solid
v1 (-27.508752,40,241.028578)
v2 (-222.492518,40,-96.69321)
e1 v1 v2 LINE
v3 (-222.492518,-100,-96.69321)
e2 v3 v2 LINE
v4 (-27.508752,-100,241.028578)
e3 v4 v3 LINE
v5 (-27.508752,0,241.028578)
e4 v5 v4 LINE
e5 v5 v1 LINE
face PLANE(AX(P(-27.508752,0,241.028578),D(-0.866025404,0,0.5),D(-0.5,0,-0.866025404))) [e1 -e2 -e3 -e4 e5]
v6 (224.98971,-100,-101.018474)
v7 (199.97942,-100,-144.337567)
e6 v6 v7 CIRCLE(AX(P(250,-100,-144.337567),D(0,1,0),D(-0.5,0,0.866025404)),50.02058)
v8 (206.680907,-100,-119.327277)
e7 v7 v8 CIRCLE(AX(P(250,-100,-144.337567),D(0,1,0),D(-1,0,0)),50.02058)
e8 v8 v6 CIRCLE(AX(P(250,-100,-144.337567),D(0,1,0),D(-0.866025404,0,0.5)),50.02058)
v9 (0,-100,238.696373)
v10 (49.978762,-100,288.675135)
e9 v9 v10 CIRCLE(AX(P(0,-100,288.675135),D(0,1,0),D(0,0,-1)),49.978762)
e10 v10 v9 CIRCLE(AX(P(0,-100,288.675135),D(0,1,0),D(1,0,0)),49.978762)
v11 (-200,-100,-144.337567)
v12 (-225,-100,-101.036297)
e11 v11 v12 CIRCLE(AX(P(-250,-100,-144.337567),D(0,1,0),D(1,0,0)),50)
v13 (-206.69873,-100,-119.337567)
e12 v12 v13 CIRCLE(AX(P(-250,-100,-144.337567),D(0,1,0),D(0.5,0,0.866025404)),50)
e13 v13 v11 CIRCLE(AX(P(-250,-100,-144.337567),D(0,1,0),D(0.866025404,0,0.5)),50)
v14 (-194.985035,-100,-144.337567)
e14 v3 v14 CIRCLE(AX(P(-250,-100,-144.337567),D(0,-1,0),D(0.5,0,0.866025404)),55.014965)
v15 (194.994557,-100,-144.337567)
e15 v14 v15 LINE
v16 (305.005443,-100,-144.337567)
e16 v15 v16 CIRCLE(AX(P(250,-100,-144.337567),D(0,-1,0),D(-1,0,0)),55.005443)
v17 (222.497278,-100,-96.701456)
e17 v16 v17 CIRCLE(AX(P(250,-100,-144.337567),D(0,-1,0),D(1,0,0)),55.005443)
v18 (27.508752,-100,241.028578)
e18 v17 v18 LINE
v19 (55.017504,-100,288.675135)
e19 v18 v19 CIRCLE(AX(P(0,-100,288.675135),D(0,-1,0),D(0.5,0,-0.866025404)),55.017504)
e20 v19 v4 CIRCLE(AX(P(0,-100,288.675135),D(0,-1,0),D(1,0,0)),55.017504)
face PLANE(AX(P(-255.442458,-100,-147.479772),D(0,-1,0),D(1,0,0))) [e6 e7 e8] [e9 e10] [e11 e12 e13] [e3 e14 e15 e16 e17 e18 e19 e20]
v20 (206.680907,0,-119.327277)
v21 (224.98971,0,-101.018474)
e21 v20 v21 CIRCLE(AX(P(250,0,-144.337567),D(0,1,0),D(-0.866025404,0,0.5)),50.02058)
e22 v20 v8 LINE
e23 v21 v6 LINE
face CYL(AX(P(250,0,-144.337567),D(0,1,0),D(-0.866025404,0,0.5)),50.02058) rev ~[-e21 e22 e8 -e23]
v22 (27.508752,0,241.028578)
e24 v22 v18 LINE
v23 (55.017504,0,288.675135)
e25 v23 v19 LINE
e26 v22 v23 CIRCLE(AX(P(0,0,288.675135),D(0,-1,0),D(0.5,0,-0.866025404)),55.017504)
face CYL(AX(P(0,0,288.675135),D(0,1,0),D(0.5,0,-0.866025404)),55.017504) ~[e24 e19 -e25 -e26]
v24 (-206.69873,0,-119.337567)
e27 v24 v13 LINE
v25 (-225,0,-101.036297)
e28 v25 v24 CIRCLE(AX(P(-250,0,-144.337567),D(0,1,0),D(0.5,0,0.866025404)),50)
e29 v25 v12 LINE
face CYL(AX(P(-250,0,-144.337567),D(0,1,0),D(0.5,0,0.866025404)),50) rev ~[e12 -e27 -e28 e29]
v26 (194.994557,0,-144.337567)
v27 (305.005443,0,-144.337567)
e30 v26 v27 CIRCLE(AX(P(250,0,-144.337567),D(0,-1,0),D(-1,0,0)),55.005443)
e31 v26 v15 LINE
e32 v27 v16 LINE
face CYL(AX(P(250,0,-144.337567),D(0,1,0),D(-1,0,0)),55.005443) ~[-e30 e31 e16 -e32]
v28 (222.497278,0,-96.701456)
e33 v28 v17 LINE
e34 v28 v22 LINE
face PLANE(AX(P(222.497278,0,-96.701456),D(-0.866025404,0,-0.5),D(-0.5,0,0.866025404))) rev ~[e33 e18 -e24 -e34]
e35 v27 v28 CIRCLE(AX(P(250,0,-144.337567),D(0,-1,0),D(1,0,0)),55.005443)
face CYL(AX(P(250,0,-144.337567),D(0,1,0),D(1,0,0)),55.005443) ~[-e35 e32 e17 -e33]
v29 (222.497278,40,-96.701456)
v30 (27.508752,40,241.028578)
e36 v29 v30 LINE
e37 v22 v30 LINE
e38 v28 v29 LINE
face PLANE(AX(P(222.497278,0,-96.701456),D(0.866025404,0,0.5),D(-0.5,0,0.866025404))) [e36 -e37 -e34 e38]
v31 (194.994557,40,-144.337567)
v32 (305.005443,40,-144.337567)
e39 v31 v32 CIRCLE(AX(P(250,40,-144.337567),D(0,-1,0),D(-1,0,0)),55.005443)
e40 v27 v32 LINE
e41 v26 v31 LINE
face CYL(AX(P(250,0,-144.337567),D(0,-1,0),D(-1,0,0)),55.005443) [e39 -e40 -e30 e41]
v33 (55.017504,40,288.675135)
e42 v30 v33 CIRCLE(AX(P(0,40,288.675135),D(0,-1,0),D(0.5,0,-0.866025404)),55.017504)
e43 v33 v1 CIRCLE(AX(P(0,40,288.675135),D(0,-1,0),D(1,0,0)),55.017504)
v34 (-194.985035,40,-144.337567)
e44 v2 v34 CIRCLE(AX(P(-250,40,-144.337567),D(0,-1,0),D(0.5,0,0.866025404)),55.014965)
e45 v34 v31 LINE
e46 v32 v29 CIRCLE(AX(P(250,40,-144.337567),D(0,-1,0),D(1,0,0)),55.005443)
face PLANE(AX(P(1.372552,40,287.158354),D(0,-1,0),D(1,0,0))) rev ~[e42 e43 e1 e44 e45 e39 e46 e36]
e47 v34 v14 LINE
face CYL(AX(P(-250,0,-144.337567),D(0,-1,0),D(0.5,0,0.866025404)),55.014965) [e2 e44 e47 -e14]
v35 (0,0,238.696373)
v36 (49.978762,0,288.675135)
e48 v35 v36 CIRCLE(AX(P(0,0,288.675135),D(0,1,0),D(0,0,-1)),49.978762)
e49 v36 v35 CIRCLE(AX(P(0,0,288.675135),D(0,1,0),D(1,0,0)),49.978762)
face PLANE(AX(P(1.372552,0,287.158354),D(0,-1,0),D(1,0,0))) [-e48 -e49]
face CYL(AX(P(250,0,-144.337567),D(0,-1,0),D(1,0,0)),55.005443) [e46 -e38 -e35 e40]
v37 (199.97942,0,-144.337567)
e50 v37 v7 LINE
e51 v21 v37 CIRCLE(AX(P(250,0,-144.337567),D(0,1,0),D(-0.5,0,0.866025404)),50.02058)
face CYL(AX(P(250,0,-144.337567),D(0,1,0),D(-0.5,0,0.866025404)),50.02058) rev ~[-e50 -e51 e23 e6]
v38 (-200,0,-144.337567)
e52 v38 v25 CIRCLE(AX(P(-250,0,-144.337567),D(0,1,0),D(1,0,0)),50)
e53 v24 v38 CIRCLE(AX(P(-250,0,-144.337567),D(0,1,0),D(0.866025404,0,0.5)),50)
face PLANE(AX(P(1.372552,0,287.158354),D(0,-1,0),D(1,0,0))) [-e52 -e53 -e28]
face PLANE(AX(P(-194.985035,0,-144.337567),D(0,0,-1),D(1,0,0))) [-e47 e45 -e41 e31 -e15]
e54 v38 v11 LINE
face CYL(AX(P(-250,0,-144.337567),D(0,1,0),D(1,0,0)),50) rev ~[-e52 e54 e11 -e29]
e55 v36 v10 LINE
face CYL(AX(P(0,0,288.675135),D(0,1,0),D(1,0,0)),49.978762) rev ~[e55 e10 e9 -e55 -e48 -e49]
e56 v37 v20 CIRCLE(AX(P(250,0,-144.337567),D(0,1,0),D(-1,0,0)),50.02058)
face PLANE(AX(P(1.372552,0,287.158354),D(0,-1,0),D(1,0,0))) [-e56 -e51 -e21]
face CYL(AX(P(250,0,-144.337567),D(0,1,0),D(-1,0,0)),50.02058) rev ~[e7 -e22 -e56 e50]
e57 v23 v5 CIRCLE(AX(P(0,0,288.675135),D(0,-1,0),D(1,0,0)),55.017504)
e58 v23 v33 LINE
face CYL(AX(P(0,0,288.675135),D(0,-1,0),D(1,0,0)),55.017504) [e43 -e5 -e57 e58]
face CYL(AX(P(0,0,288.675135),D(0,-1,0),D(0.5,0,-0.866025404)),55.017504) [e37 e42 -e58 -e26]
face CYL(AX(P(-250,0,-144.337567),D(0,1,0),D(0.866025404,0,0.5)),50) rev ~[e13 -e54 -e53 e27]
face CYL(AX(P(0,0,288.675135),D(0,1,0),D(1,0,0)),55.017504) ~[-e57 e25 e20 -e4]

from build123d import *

# Parameters (mm, degrees)
F1_DEPTH = 100
F2_DEPTH = 40


with BuildPart() as f1:
    # F0 (on Front) → F1 (new body)
    with BuildSketch(Plane.XZ):
        with BuildLine():
            ThreePointArc((-222.4925176197, -96.6932102265), (-297.6443570709, -171.8450496777), (-194.9850352394, -144.3375672974))
            Line((-194.9850352394, -144.3375672974), (-200, -144.3375672974))
            ThreePointArc((-200, -144.3375672974), (-293.3012701892, -169.3375672974), (-225, -101.0362971082))
            Line((-225, -101.0362971082), (-222.4925176197, -96.6932102265))
        make_face()
        with BuildLine():
            Line((-202.3556429291, -116.8300849171), (0, 0))
            Line((0, 0), (-125, 72.1687836487))
            Line((-125, 72.1687836487), (-222.4925176197, -96.6932102265))
            ThreePointArc((-222.4925176197, -96.6932102265), (-211.0985453511, -105.4361126485), (-202.3556429291, -116.8300849171))
        make_face()
        with BuildLine():
            Line((-194.9850352394, -144.3375672974), (0, -144.3375672974))
            Line((0, -144.3375672974), (0, 0))
            Line((0, 0), (-202.3556429291, -116.8300849171))
            ThreePointArc((-202.3556429291, -116.8300849171), (-196.8596247054, -130.0986466517), (-194.9850352394, -144.3375672974))
        make_face()
        with BuildLine():
            Line((-206.6987298108, -119.3375672974), (-202.3556429291, -116.8300849171))
            ThreePointArc((-202.3556429291, -116.8300849171), (-211.0985453511, -105.4361126485), (-222.4925176197, -96.6932102265))
            Line((-222.4925176197, -96.6932102265), (-225, -101.0362971082))
            ThreePointArc((-225, -101.0362971082), (-214.6446609407, -108.9822282381), (-206.6987298108, -119.3375672974))
        make_face()
        with BuildLine():
            Line((-200, -144.3375672974), (-194.9850352394, -144.3375672974))
            ThreePointArc((-194.9850352394, -144.3375672974), (-196.8596247054, -130.0986466517), (-202.3556429291, -116.8300849171))
            Line((-202.3556429291, -116.8300849171), (-206.6987298108, -119.3375672974))
            ThreePointArc((-206.6987298108, -119.3375672974), (-201.7037086855, -131.3966150423), (-200, -144.3375672974))
        make_face()
        with BuildLine():
            Line((0, 0), (0, -144.3375672974))
            Line((0, -144.3375672974), (194.9945565085, -144.3375672974))
            ThreePointArc((194.9945565085, -144.3375672974), (196.8688215451, -130.1011109375), (202.36388859, -116.8348455517))
            Line((202.36388859, -116.8348455517), (0, 0))
        make_face()
        with BuildLine():
            Line((125, 72.1687836487), (0, 0))
            Line((0, 0), (202.36388859, -116.8348455517))
            ThreePointArc((202.36388859, -116.8348455517), (211.105277905, -105.4428452024), (222.4972782543, -96.7014558874))
            Line((222.4972782543, -96.7014558874), (125, 72.1687836487))
        make_face()
        with BuildLine():
            Line((0, 233.6576304529), (0, 0))
            Line((0, 0), (125, 72.1687836487))
            Line((125, 72.1687836487), (27.5087520709, 241.0285783551))
            ThreePointArc((27.5087520709, 241.0285783551), (14.2395778859, 235.5323064462), (0, 233.6576304529))
        make_face()
        with BuildLine():
            ThreePointArc((222.4972782543, -96.7014558874), (211.105277905, -105.4428452024), (202.36388859, -116.8348455517))
            Line((202.36388859, -116.8348455517), (206.6809069942, -119.3272772894))
            ThreePointArc((206.6809069942, -119.3272772894), (214.6301086719, -108.9676759693), (224.989709992, -101.0184742916))
            Line((224.989709992, -101.0184742916), (222.4972782543, -96.7014558874))
        make_face()
        with BuildLine():
            ThreePointArc((202.36388859, -116.8348455517), (196.8688215451, -130.1011109375), (194.9945565085, -144.3375672974))
            Line((194.9945565085, -144.3375672974), (199.9794199841, -144.3375672974))
            ThreePointArc((199.9794199841, -144.3375672974), (201.6838299167, -131.3912885422), (206.6809069942, -119.3272772894))
            Line((206.6809069942, -119.3272772894), (202.36388859, -116.8348455517))
        make_face()
        with BuildLine():
            Line((199.9794199841, -144.3375672974), (194.9945565085, -144.3375672974))
            ThreePointArc((194.9945565085, -144.3375672974), (250, -199.3430107889), (305.0054434915, -144.3375672974))
            ThreePointArc((305.0054434915, -144.3375672974), (277.5027217457, -96.7014558874), (222.4972782543, -96.7014558874))
            Line((222.4972782543, -96.7014558874), (224.989709992, -101.0184742916))
            ThreePointArc((224.989709992, -101.0184742916), (275.010290008, -101.0184742916), (300.0205800159, -144.3375672974))
            ThreePointArc((300.0205800159, -144.3375672974), (250, -194.3581473133), (199.9794199841, -144.3375672974))
        make_face()
        with BuildLine():
            Line((-125, 72.1687836487), (0, 0))
            Line((0, 0), (0, 233.6576304529))
            ThreePointArc((0, 233.6576304529), (-14.2395778859, 235.5323064462), (-27.5087520709, 241.0285783551))
            Line((-27.5087520709, 241.0285783551), (-125, 72.1687836487))
        make_face()
        with BuildLine():
            ThreePointArc((55.0175041419, 288.6751345948), (-27.5087520709, 336.3216908345), (-27.5087520709, 241.0285783551))
            Line((-27.5087520709, 241.0285783551), (-24.9893809816, 245.392257085))
            ThreePointArc((-24.9893809816, 245.392257085), (-24.9893809816, 331.9580121046), (49.9787619632, 288.6751345948))
            ThreePointArc((49.9787619632, 288.6751345948), (43.2828775098, 263.6857536132), (24.9893809816, 245.392257085))
            Line((24.9893809816, 245.392257085), (27.5087520709, 241.0285783551))
            ThreePointArc((27.5087520709, 241.0285783551), (47.6465562397, 261.1663825239), (55.0175041419, 288.6751345948))
        make_face()
        with BuildLine():
            Line((0, 238.6963726316), (0, 233.6576304529))
            ThreePointArc((0, 233.6576304529), (14.2395778859, 235.5323064462), (27.5087520709, 241.0285783551))
            Line((27.5087520709, 241.0285783551), (24.9893809816, 245.392257085))
            ThreePointArc((24.9893809816, 245.392257085), (12.9354554467, 240.3993576486), (0, 238.6963726316))
        make_face()
        with BuildLine():
            ThreePointArc((-27.5087520709, 241.0285783551), (-14.2395778859, 235.5323064462), (0, 233.6576304529))
            Line((0, 233.6576304529), (0, 238.6963726316))
            ThreePointArc((0, 238.6963726316), (-12.9354554467, 240.3993576486), (-24.9893809816, 245.392257085))
            Line((-24.9893809816, 245.392257085), (-27.5087520709, 241.0285783551))
        make_face()
    extrude(amount=F1_DEPTH)

    # F0 (on Front) → F2 (join)
    with BuildSketch(Plane.XZ):
        with BuildLine():
            Line((-24.9893809816, 245.392257085), (0, 288.6751345948))
            Line((0, 288.6751345948), (24.9893809816, 245.392257085))
            ThreePointArc((24.9893809816, 245.392257085), (43.2828775098, 263.6857536132), (49.9787619632, 288.6751345948))
            ThreePointArc((49.9787619632, 288.6751345948), (-24.9893809816, 331.9580121046), (-24.9893809816, 245.392257085))
        make_face()
        with BuildLine():
            Line((0, 233.6576304529), (0, 0))
            Line((0, 0), (125, 72.1687836487))
            Line((125, 72.1687836487), (27.5087520709, 241.0285783551))
            ThreePointArc((27.5087520709, 241.0285783551), (14.2395778859, 235.5323064462), (0, 233.6576304529))
        make_face()
        with BuildLine():
            Line((-125, 72.1687836487), (0, 0))
            Line((0, 0), (0, 233.6576304529))
            ThreePointArc((0, 233.6576304529), (-14.2395778859, 235.5323064462), (-27.5087520709, 241.0285783551))
            Line((-27.5087520709, 241.0285783551), (-125, 72.1687836487))
        make_face()
        with BuildLine():
            ThreePointArc((-24.9893809816, 245.392257085), (-12.9354554467, 240.3993576486), (0, 238.6963726316))
            Line((0, 238.6963726316), (0, 288.6751345948))
            Line((0, 288.6751345948), (-24.9893809816, 245.392257085))
        make_face()
        with BuildLine():
            Line((0, 288.6751345948), (0, 238.6963726316))
            ThreePointArc((0, 238.6963726316), (12.9354554467, 240.3993576486), (24.9893809816, 245.392257085))
            Line((24.9893809816, 245.392257085), (0, 288.6751345948))
        make_face()
        with BuildLine():
            Line((0, 238.6963726316), (0, 233.6576304529))
            ThreePointArc((0, 233.6576304529), (14.2395778859, 235.5323064462), (27.5087520709, 241.0285783551))
            Line((27.5087520709, 241.0285783551), (24.9893809816, 245.392257085))
            ThreePointArc((24.9893809816, 245.392257085), (12.9354554467, 240.3993576486), (0, 238.6963726316))
        make_face()
        with BuildLine():
            ThreePointArc((-27.5087520709, 241.0285783551), (-14.2395778859, 235.5323064462), (0, 233.6576304529))
            Line((0, 233.6576304529), (0, 238.6963726316))
            ThreePointArc((0, 238.6963726316), (-12.9354554467, 240.3993576486), (-24.9893809816, 245.392257085))
            Line((-24.9893809816, 245.392257085), (-27.5087520709, 241.0285783551))
        make_face()
        with BuildLine():
            ThreePointArc((55.0175041419, 288.6751345948), (-27.5087520709, 336.3216908345), (-27.5087520709, 241.0285783551))
            Line((-27.5087520709, 241.0285783551), (-24.9893809816, 245.392257085))
            ThreePointArc((-24.9893809816, 245.392257085), (-24.9893809816, 331.9580121046), (49.9787619632, 288.6751345948))
            ThreePointArc((49.9787619632, 288.6751345948), (43.2828775098, 263.6857536132), (24.9893809816, 245.392257085))
            Line((24.9893809816, 245.392257085), (27.5087520709, 241.0285783551))
            ThreePointArc((27.5087520709, 241.0285783551), (47.6465562397, 261.1663825239), (55.0175041419, 288.6751345948))
        make_face()
        with BuildLine():
            Line((-202.3556429291, -116.8300849171), (0, 0))
            Line((0, 0), (-125, 72.1687836487))
            Line((-125, 72.1687836487), (-222.4925176197, -96.6932102265))
            ThreePointArc((-222.4925176197, -96.6932102265), (-211.0985453511, -105.4361126485), (-202.3556429291, -116.8300849171))
        make_face()
        with BuildLine():
            Line((-194.9850352394, -144.3375672974), (0, -144.3375672974))
            Line((0, -144.3375672974), (0, 0))
            Line((0, 0), (-202.3556429291, -116.8300849171))
            ThreePointArc((-202.3556429291, -116.8300849171), (-196.8596247054, -130.0986466517), (-194.9850352394, -144.3375672974))
        make_face()
        with BuildLine():
            Line((0, 0), (0, -144.3375672974))
            Line((0, -144.3375672974), (194.9945565085, -144.3375672974))
            ThreePointArc((194.9945565085, -144.3375672974), (196.8688215451, -130.1011109375), (202.36388859, -116.8348455517))
            Line((202.36388859, -116.8348455517), (0, 0))
        make_face()
        with BuildLine():
            Line((125, 72.1687836487), (0, 0))
            Line((0, 0), (202.36388859, -116.8348455517))
            ThreePointArc((202.36388859, -116.8348455517), (211.105277905, -105.4428452024), (222.4972782543, -96.7014558874))
            Line((222.4972782543, -96.7014558874), (125, 72.1687836487))
        make_face()
        with BuildLine():
            Line((206.6809069942, -119.3272772894), (250, -144.3375672974))
            Line((250, -144.3375672974), (224.989709992, -101.0184742916))
            ThreePointArc((224.989709992, -101.0184742916), (214.6301086719, -108.9676759693), (206.6809069942, -119.3272772894))
        make_face()
        with BuildLine():
            Line((250, -144.3375672974), (199.9794199841, -144.3375672974))
            ThreePointArc((199.9794199841, -144.3375672974), (250, -194.3581473133), (300.0205800159, -144.3375672974))
            ThreePointArc((300.0205800159, -144.3375672974), (275.010290008, -101.0184742916), (224.989709992, -101.0184742916))
            Line((224.989709992, -101.0184742916), (250, -144.3375672974))
        make_face()
        with BuildLine():
            Line((199.9794199841, -144.3375672974), (194.9945565085, -144.3375672974))
            ThreePointArc((194.9945565085, -144.3375672974), (250, -199.3430107889), (305.0054434915, -144.3375672974))
            ThreePointArc((305.0054434915, -144.3375672974), (277.5027217457, -96.7014558874), (222.4972782543, -96.7014558874))
            Line((222.4972782543, -96.7014558874), (224.989709992, -101.0184742916))
            ThreePointArc((224.989709992, -101.0184742916), (275.010290008, -101.0184742916), (300.0205800159, -144.3375672974))
            ThreePointArc((300.0205800159, -144.3375672974), (250, -194.3581473133), (199.9794199841, -144.3375672974))
        make_face()
        with BuildLine():
            ThreePointArc((222.4972782543, -96.7014558874), (211.105277905, -105.4428452024), (202.36388859, -116.8348455517))
            Line((202.36388859, -116.8348455517), (206.6809069942, -119.3272772894))
            ThreePointArc((206.6809069942, -119.3272772894), (214.6301086719, -108.9676759693), (224.989709992, -101.0184742916))
            Line((224.989709992, -101.0184742916), (222.4972782543, -96.7014558874))
        make_face()
        with BuildLine():
            ThreePointArc((202.36388859, -116.8348455517), (196.8688215451, -130.1011109375), (194.9945565085, -144.3375672974))
            Line((194.9945565085, -144.3375672974), (199.9794199841, -144.3375672974))
            ThreePointArc((199.9794199841, -144.3375672974), (201.6838299167, -131.3912885422), (206.6809069942, -119.3272772894))
            Line((206.6809069942, -119.3272772894), (202.36388859, -116.8348455517))
        make_face()
        with BuildLine():
            ThreePointArc((206.6809069942, -119.3272772894), (201.6838299167, -131.3912885422), (199.9794199841, -144.3375672974))
            Line((199.9794199841, -144.3375672974), (250, -144.3375672974))
            Line((250, -144.3375672974), (206.6809069942, -119.3272772894))
        make_face()
        with BuildLine():
            Line((-225, -101.0362971082), (-250, -144.3375672974))
            Line((-250, -144.3375672974), (-206.6987298108, -119.3375672974))
            ThreePointArc((-206.6987298108, -119.3375672974), (-214.6446609407, -108.9822282381), (-225, -101.0362971082))
        make_face()
        with BuildLine():
            Line((-206.6987298108, -119.3375672974), (-202.3556429291, -116.8300849171))
            ThreePointArc((-202.3556429291, -116.8300849171), (-211.0985453511, -105.4361126485), (-222.4925176197, -96.6932102265))
            Line((-222.4925176197, -96.6932102265), (-225, -101.0362971082))
            ThreePointArc((-225, -101.0362971082), (-214.6446609407, -108.9822282381), (-206.6987298108, -119.3375672974))
        make_face()
        with BuildLine():
            ThreePointArc((-222.4925176197, -96.6932102265), (-297.6443570709, -171.8450496777), (-194.9850352394, -144.3375672974))
            Line((-194.9850352394, -144.3375672974), (-200, -144.3375672974))
            ThreePointArc((-200, -144.3375672974), (-293.3012701892, -169.3375672974), (-225, -101.0362971082))
            Line((-225, -101.0362971082), (-222.4925176197, -96.6932102265))
        make_face()
        with BuildLine():
            ThreePointArc((-225, -101.0362971082), (-293.3012701892, -169.3375672974), (-200, -144.3375672974))
            Line((-200, -144.3375672974), (-250, -144.3375672974))
            Line((-250, -144.3375672974), (-225, -101.0362971082))
        make_face()
        with BuildLine():
            Line((-250, -144.3375672974), (-200, -144.3375672974))
            ThreePointArc((-200, -144.3375672974), (-201.7037086855, -131.3966150423), (-206.6987298108, -119.3375672974))
            Line((-206.6987298108, -119.3375672974), (-250, -144.3375672974))
        make_face()
        with BuildLine():
            Line((-200, -144.3375672974), (-194.9850352394, -144.3375672974))
            ThreePointArc((-194.9850352394, -144.3375672974), (-196.8596247054, -130.0986466517), (-202.3556429291, -116.8300849171))
            Line((-202.3556429291, -116.8300849171), (-206.6987298108, -119.3375672974))
            ThreePointArc((-206.6987298108, -119.3375672974), (-201.7037086855, -131.3966150423), (-200, -144.3375672974))
        make_face()
    extrude(amount=-F2_DEPTH)


solid = f1.part
